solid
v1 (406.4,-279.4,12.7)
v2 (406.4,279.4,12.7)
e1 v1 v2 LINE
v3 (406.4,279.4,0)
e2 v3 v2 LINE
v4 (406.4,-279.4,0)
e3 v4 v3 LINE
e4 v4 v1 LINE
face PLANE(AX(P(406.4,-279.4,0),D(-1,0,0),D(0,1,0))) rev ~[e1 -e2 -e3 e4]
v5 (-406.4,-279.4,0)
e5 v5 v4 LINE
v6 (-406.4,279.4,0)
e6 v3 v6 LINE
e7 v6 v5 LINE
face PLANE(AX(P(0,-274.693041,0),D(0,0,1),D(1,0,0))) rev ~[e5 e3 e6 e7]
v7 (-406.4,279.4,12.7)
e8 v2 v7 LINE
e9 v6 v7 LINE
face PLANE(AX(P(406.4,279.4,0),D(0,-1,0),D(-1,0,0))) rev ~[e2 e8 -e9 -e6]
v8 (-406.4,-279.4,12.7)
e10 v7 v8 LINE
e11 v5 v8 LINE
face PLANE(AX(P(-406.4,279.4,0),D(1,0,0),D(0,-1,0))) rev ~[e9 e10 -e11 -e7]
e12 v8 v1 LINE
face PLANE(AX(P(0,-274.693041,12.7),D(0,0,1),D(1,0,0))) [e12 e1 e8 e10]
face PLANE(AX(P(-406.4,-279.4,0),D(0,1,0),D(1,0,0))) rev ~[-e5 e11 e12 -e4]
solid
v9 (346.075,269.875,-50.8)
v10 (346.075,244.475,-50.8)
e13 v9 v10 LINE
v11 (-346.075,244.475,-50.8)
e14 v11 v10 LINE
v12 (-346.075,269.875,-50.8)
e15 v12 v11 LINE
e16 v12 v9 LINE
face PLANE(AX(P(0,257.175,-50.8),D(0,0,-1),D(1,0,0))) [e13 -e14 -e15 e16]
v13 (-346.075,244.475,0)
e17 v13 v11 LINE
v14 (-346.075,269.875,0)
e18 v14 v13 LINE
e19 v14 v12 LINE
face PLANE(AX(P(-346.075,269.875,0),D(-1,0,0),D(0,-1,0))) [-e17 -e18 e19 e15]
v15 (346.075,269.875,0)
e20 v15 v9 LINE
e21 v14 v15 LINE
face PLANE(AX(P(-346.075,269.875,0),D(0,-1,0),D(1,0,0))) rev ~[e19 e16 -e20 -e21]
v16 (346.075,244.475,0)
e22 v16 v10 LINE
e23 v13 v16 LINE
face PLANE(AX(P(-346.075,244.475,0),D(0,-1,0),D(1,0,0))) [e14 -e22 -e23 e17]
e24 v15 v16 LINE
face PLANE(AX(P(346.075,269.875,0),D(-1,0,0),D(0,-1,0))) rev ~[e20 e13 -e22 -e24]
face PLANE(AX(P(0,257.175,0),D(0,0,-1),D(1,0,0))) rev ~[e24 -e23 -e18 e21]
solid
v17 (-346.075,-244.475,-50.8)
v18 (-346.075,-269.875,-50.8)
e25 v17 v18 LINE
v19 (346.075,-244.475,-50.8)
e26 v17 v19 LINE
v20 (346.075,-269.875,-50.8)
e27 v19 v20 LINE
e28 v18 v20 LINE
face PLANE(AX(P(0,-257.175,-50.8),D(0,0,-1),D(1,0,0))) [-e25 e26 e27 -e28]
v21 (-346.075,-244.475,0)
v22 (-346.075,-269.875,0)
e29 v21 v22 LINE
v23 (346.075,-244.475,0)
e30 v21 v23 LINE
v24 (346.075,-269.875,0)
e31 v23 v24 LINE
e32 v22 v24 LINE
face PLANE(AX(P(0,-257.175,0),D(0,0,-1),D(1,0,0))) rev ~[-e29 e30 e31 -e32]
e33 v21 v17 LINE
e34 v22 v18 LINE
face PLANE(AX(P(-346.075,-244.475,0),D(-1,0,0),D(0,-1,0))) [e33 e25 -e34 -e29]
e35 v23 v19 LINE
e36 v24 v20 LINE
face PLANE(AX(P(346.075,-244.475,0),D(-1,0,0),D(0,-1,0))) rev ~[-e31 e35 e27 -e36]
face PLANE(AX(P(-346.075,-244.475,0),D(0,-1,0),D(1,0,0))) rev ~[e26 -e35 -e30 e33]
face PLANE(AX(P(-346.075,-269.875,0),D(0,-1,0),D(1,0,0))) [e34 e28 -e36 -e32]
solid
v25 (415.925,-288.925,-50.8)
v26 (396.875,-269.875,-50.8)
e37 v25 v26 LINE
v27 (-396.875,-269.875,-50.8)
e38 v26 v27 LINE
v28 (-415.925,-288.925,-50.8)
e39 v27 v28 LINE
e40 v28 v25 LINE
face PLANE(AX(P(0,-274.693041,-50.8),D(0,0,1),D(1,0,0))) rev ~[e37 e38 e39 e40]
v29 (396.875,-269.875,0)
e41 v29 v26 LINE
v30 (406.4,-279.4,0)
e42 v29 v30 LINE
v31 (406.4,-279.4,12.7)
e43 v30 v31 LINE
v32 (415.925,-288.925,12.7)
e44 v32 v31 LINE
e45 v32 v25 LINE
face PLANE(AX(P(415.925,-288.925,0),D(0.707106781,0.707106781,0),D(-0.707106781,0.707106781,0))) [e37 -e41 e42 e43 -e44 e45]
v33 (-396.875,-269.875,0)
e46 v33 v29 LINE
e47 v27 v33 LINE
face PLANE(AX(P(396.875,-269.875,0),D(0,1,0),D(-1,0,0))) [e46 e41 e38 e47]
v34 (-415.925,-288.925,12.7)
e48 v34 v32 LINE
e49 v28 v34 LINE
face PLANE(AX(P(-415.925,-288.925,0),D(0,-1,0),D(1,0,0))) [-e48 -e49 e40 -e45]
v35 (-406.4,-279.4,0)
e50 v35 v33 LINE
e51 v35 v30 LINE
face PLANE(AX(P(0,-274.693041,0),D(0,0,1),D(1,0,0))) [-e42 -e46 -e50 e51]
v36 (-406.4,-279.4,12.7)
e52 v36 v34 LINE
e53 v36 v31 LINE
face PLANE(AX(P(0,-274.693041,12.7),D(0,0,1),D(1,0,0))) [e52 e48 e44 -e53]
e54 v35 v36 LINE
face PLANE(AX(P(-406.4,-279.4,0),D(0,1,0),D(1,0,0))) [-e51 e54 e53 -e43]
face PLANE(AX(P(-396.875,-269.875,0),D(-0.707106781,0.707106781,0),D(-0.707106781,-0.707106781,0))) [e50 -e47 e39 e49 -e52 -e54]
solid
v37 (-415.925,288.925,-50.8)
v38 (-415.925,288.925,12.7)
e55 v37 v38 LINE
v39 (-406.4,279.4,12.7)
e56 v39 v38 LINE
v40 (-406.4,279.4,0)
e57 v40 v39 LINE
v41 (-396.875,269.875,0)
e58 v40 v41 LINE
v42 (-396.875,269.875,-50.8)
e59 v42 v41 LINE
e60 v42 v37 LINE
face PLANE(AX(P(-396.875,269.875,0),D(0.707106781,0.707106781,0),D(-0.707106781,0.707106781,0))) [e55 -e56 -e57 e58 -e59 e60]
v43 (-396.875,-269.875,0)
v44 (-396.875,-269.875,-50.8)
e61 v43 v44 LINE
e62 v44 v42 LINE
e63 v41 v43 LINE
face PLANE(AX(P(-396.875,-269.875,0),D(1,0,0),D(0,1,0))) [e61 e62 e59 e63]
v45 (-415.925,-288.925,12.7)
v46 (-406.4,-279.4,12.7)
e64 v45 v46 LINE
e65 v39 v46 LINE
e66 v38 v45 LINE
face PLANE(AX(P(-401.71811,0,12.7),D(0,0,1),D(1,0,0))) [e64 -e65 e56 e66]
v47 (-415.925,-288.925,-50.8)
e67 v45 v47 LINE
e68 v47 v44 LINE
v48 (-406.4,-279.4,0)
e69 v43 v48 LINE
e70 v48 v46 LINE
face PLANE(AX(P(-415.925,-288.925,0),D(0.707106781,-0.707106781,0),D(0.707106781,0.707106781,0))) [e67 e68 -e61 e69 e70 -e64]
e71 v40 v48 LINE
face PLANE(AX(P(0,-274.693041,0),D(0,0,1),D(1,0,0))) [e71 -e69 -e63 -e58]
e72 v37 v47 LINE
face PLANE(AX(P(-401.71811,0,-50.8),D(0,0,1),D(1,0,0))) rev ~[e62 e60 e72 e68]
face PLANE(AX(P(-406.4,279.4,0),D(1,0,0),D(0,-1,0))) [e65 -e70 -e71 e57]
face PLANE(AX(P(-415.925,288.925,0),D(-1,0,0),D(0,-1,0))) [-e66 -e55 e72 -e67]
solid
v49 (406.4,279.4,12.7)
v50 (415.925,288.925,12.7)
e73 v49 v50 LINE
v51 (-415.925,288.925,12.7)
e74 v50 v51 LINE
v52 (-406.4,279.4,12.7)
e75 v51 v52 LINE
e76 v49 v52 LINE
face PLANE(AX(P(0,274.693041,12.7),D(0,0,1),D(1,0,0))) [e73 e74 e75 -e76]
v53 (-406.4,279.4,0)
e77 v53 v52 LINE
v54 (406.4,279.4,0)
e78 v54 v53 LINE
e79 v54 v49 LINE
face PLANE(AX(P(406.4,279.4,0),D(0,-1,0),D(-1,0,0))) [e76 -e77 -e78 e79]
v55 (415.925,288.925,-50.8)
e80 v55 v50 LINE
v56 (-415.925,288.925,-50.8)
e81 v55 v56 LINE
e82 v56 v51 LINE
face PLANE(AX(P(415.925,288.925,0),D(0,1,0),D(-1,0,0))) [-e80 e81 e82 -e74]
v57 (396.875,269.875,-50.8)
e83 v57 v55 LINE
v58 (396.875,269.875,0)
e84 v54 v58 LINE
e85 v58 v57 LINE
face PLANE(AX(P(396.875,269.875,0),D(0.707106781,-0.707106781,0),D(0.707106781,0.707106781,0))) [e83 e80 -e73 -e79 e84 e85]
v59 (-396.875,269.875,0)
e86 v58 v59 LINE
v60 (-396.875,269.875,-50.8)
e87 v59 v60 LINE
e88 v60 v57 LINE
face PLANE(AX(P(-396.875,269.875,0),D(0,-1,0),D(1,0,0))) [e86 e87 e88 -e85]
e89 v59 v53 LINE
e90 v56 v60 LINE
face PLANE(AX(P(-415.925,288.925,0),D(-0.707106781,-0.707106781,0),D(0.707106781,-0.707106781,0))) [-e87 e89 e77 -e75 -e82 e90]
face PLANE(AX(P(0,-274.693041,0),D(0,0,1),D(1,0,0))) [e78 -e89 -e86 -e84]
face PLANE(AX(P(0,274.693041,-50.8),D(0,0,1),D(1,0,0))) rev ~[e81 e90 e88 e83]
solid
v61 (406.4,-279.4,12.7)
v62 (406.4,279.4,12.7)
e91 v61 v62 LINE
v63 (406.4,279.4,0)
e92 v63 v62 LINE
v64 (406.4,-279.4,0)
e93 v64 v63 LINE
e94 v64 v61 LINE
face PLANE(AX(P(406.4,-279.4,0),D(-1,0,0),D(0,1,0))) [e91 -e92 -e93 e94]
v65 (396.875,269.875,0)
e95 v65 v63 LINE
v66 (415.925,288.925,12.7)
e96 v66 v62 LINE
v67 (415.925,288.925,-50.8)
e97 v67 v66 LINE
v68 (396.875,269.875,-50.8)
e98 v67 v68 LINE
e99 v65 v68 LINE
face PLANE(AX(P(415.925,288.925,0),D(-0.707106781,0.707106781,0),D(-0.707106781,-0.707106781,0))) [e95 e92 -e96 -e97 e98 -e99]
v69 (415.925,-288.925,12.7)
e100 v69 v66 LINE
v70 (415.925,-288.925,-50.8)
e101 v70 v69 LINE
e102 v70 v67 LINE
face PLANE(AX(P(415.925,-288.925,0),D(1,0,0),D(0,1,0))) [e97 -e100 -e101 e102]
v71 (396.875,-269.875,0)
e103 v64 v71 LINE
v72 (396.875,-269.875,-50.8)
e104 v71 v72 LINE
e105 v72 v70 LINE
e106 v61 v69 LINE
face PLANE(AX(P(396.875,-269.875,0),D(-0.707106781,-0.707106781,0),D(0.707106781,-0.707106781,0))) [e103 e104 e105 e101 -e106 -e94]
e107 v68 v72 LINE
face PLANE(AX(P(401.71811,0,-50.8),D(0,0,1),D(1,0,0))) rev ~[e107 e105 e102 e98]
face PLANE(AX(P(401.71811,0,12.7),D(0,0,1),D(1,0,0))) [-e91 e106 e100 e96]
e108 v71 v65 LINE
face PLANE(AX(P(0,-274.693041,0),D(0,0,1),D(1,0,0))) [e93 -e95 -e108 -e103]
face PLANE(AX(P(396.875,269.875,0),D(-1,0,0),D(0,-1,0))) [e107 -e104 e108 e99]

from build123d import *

# Parameters (mm, degrees)
F0_W          = 793.75
F0_H          = 539.75
F1_DEPTH      = 12.7
F2_DEPTH      = 12.7
F2_DEPTH_BACK = 50.8
F3_DEPTH      = 12.7
F3_DEPTH_BACK = 50.8
F4_DEPTH      = 12.7
F4_DEPTH_BACK = 50.8
F5_DEPTH      = 12.7
F5_DEPTH_BACK = 50.8
F7_W          = 692.15
F7_H          = 25.4
F8_DEPTH      = 50.8


with BuildPart() as f1:
    # F0 (on Top) → F1 (new body)
    with BuildSketch(Plane.XY):
        Polygon((-406.4, -279.4), (406.4, -279.4), (396.875, -269.875), (-396.875, -269.875), align=None)
        Rectangle(F0_W, F0_H)
        Polygon((-406.4, 279.4), (-406.4, -279.4), (-396.875, -269.875), (-396.875, 269.875), align=None)
        Polygon((396.875, 269.875), (406.4, 279.4), (-406.4, 279.4), (-396.875, 269.875), align=None)
        Polygon((396.875, -269.875), (406.4, -279.4), (406.4, 279.4), (396.875, 269.875), align=None)
    extrude(amount=F1_DEPTH)


with BuildPart() as f2:
    # F0 (on Top) → F2 (new body, two sides)
    with BuildSketch(Plane.XY) as f2_sk:
        Polygon((-406.4, 279.4), (-406.4, -279.4), (-396.875, -269.875), (-396.875, 269.875), align=None)
        Polygon((-415.925, -288.925), (-406.4, -279.4), (-406.4, 279.4), (-415.925, 288.925), align=None)
    extrude(amount=F2_DEPTH)
    extrude(f2_sk.sketch, amount=-F2_DEPTH_BACK)

    # F6: cut F1
    add(f1.part, mode=Mode.SUBTRACT)


with BuildPart() as f3:
    # F0 (on Top) → F3 (new body, two sides)
    with BuildSketch(Plane.XY) as f3_sk:
        Polygon((-406.4, -279.4), (406.4, -279.4), (396.875, -269.875), (-396.875, -269.875), align=None)
        Polygon((415.925, -288.925), (406.4, -279.4), (-406.4, -279.4), (-415.925, -288.925), align=None)
    extrude(amount=F3_DEPTH)
    extrude(f3_sk.sketch, amount=-F3_DEPTH_BACK)

    # F6: cut F1
    add(f1.part, mode=Mode.SUBTRACT)


with BuildPart() as f4:
    # F0 (on Top) → F4 (new body, two sides)
    with BuildSketch(Plane.XY) as f4_sk:
        Polygon((396.875, -269.875), (406.4, -279.4), (406.4, 279.4), (396.875, 269.875), align=None)
        Polygon((406.4, 279.4), (406.4, -279.4), (415.925, -288.925), (415.925, 288.925), align=None)
    extrude(amount=F4_DEPTH)
    extrude(f4_sk.sketch, amount=-F4_DEPTH_BACK)

    # F6: cut F1
    add(f1.part, mode=Mode.SUBTRACT)


with BuildPart() as f5:
    # F0 (on Top) → F5 (new body, two sides)
    with BuildSketch(Plane.XY) as f5_sk:
        Polygon((396.875, 269.875), (406.4, 279.4), (-406.4, 279.4), (-396.875, 269.875), align=None)
        Polygon((-406.4, 279.4), (406.4, 279.4), (415.925, 288.925), (-415.925, 288.925), align=None)
    extrude(amount=F5_DEPTH)
    extrude(f5_sk.sketch, amount=-F5_DEPTH_BACK)

    # F6: cut F1
    add(f1.part, mode=Mode.SUBTRACT)


with BuildPart() as f8:
    # F7 (on face) → F8 (new body, through all)
    with BuildSketch(Plane(origin=(0, 0, 0), x_dir=(1, 0, 0), z_dir=(0, 0, -1))):
        with Locations((0, 257.175)):
            Rectangle(F7_W, F7_H)
        with Locations((0, -257.175)):
            Rectangle(F7_W, F7_H)
    extrude(amount=F8_DEPTH)


solid = Compound([f1.part, f2.part, f3.part, f4.part, f5.part, f8.part])
